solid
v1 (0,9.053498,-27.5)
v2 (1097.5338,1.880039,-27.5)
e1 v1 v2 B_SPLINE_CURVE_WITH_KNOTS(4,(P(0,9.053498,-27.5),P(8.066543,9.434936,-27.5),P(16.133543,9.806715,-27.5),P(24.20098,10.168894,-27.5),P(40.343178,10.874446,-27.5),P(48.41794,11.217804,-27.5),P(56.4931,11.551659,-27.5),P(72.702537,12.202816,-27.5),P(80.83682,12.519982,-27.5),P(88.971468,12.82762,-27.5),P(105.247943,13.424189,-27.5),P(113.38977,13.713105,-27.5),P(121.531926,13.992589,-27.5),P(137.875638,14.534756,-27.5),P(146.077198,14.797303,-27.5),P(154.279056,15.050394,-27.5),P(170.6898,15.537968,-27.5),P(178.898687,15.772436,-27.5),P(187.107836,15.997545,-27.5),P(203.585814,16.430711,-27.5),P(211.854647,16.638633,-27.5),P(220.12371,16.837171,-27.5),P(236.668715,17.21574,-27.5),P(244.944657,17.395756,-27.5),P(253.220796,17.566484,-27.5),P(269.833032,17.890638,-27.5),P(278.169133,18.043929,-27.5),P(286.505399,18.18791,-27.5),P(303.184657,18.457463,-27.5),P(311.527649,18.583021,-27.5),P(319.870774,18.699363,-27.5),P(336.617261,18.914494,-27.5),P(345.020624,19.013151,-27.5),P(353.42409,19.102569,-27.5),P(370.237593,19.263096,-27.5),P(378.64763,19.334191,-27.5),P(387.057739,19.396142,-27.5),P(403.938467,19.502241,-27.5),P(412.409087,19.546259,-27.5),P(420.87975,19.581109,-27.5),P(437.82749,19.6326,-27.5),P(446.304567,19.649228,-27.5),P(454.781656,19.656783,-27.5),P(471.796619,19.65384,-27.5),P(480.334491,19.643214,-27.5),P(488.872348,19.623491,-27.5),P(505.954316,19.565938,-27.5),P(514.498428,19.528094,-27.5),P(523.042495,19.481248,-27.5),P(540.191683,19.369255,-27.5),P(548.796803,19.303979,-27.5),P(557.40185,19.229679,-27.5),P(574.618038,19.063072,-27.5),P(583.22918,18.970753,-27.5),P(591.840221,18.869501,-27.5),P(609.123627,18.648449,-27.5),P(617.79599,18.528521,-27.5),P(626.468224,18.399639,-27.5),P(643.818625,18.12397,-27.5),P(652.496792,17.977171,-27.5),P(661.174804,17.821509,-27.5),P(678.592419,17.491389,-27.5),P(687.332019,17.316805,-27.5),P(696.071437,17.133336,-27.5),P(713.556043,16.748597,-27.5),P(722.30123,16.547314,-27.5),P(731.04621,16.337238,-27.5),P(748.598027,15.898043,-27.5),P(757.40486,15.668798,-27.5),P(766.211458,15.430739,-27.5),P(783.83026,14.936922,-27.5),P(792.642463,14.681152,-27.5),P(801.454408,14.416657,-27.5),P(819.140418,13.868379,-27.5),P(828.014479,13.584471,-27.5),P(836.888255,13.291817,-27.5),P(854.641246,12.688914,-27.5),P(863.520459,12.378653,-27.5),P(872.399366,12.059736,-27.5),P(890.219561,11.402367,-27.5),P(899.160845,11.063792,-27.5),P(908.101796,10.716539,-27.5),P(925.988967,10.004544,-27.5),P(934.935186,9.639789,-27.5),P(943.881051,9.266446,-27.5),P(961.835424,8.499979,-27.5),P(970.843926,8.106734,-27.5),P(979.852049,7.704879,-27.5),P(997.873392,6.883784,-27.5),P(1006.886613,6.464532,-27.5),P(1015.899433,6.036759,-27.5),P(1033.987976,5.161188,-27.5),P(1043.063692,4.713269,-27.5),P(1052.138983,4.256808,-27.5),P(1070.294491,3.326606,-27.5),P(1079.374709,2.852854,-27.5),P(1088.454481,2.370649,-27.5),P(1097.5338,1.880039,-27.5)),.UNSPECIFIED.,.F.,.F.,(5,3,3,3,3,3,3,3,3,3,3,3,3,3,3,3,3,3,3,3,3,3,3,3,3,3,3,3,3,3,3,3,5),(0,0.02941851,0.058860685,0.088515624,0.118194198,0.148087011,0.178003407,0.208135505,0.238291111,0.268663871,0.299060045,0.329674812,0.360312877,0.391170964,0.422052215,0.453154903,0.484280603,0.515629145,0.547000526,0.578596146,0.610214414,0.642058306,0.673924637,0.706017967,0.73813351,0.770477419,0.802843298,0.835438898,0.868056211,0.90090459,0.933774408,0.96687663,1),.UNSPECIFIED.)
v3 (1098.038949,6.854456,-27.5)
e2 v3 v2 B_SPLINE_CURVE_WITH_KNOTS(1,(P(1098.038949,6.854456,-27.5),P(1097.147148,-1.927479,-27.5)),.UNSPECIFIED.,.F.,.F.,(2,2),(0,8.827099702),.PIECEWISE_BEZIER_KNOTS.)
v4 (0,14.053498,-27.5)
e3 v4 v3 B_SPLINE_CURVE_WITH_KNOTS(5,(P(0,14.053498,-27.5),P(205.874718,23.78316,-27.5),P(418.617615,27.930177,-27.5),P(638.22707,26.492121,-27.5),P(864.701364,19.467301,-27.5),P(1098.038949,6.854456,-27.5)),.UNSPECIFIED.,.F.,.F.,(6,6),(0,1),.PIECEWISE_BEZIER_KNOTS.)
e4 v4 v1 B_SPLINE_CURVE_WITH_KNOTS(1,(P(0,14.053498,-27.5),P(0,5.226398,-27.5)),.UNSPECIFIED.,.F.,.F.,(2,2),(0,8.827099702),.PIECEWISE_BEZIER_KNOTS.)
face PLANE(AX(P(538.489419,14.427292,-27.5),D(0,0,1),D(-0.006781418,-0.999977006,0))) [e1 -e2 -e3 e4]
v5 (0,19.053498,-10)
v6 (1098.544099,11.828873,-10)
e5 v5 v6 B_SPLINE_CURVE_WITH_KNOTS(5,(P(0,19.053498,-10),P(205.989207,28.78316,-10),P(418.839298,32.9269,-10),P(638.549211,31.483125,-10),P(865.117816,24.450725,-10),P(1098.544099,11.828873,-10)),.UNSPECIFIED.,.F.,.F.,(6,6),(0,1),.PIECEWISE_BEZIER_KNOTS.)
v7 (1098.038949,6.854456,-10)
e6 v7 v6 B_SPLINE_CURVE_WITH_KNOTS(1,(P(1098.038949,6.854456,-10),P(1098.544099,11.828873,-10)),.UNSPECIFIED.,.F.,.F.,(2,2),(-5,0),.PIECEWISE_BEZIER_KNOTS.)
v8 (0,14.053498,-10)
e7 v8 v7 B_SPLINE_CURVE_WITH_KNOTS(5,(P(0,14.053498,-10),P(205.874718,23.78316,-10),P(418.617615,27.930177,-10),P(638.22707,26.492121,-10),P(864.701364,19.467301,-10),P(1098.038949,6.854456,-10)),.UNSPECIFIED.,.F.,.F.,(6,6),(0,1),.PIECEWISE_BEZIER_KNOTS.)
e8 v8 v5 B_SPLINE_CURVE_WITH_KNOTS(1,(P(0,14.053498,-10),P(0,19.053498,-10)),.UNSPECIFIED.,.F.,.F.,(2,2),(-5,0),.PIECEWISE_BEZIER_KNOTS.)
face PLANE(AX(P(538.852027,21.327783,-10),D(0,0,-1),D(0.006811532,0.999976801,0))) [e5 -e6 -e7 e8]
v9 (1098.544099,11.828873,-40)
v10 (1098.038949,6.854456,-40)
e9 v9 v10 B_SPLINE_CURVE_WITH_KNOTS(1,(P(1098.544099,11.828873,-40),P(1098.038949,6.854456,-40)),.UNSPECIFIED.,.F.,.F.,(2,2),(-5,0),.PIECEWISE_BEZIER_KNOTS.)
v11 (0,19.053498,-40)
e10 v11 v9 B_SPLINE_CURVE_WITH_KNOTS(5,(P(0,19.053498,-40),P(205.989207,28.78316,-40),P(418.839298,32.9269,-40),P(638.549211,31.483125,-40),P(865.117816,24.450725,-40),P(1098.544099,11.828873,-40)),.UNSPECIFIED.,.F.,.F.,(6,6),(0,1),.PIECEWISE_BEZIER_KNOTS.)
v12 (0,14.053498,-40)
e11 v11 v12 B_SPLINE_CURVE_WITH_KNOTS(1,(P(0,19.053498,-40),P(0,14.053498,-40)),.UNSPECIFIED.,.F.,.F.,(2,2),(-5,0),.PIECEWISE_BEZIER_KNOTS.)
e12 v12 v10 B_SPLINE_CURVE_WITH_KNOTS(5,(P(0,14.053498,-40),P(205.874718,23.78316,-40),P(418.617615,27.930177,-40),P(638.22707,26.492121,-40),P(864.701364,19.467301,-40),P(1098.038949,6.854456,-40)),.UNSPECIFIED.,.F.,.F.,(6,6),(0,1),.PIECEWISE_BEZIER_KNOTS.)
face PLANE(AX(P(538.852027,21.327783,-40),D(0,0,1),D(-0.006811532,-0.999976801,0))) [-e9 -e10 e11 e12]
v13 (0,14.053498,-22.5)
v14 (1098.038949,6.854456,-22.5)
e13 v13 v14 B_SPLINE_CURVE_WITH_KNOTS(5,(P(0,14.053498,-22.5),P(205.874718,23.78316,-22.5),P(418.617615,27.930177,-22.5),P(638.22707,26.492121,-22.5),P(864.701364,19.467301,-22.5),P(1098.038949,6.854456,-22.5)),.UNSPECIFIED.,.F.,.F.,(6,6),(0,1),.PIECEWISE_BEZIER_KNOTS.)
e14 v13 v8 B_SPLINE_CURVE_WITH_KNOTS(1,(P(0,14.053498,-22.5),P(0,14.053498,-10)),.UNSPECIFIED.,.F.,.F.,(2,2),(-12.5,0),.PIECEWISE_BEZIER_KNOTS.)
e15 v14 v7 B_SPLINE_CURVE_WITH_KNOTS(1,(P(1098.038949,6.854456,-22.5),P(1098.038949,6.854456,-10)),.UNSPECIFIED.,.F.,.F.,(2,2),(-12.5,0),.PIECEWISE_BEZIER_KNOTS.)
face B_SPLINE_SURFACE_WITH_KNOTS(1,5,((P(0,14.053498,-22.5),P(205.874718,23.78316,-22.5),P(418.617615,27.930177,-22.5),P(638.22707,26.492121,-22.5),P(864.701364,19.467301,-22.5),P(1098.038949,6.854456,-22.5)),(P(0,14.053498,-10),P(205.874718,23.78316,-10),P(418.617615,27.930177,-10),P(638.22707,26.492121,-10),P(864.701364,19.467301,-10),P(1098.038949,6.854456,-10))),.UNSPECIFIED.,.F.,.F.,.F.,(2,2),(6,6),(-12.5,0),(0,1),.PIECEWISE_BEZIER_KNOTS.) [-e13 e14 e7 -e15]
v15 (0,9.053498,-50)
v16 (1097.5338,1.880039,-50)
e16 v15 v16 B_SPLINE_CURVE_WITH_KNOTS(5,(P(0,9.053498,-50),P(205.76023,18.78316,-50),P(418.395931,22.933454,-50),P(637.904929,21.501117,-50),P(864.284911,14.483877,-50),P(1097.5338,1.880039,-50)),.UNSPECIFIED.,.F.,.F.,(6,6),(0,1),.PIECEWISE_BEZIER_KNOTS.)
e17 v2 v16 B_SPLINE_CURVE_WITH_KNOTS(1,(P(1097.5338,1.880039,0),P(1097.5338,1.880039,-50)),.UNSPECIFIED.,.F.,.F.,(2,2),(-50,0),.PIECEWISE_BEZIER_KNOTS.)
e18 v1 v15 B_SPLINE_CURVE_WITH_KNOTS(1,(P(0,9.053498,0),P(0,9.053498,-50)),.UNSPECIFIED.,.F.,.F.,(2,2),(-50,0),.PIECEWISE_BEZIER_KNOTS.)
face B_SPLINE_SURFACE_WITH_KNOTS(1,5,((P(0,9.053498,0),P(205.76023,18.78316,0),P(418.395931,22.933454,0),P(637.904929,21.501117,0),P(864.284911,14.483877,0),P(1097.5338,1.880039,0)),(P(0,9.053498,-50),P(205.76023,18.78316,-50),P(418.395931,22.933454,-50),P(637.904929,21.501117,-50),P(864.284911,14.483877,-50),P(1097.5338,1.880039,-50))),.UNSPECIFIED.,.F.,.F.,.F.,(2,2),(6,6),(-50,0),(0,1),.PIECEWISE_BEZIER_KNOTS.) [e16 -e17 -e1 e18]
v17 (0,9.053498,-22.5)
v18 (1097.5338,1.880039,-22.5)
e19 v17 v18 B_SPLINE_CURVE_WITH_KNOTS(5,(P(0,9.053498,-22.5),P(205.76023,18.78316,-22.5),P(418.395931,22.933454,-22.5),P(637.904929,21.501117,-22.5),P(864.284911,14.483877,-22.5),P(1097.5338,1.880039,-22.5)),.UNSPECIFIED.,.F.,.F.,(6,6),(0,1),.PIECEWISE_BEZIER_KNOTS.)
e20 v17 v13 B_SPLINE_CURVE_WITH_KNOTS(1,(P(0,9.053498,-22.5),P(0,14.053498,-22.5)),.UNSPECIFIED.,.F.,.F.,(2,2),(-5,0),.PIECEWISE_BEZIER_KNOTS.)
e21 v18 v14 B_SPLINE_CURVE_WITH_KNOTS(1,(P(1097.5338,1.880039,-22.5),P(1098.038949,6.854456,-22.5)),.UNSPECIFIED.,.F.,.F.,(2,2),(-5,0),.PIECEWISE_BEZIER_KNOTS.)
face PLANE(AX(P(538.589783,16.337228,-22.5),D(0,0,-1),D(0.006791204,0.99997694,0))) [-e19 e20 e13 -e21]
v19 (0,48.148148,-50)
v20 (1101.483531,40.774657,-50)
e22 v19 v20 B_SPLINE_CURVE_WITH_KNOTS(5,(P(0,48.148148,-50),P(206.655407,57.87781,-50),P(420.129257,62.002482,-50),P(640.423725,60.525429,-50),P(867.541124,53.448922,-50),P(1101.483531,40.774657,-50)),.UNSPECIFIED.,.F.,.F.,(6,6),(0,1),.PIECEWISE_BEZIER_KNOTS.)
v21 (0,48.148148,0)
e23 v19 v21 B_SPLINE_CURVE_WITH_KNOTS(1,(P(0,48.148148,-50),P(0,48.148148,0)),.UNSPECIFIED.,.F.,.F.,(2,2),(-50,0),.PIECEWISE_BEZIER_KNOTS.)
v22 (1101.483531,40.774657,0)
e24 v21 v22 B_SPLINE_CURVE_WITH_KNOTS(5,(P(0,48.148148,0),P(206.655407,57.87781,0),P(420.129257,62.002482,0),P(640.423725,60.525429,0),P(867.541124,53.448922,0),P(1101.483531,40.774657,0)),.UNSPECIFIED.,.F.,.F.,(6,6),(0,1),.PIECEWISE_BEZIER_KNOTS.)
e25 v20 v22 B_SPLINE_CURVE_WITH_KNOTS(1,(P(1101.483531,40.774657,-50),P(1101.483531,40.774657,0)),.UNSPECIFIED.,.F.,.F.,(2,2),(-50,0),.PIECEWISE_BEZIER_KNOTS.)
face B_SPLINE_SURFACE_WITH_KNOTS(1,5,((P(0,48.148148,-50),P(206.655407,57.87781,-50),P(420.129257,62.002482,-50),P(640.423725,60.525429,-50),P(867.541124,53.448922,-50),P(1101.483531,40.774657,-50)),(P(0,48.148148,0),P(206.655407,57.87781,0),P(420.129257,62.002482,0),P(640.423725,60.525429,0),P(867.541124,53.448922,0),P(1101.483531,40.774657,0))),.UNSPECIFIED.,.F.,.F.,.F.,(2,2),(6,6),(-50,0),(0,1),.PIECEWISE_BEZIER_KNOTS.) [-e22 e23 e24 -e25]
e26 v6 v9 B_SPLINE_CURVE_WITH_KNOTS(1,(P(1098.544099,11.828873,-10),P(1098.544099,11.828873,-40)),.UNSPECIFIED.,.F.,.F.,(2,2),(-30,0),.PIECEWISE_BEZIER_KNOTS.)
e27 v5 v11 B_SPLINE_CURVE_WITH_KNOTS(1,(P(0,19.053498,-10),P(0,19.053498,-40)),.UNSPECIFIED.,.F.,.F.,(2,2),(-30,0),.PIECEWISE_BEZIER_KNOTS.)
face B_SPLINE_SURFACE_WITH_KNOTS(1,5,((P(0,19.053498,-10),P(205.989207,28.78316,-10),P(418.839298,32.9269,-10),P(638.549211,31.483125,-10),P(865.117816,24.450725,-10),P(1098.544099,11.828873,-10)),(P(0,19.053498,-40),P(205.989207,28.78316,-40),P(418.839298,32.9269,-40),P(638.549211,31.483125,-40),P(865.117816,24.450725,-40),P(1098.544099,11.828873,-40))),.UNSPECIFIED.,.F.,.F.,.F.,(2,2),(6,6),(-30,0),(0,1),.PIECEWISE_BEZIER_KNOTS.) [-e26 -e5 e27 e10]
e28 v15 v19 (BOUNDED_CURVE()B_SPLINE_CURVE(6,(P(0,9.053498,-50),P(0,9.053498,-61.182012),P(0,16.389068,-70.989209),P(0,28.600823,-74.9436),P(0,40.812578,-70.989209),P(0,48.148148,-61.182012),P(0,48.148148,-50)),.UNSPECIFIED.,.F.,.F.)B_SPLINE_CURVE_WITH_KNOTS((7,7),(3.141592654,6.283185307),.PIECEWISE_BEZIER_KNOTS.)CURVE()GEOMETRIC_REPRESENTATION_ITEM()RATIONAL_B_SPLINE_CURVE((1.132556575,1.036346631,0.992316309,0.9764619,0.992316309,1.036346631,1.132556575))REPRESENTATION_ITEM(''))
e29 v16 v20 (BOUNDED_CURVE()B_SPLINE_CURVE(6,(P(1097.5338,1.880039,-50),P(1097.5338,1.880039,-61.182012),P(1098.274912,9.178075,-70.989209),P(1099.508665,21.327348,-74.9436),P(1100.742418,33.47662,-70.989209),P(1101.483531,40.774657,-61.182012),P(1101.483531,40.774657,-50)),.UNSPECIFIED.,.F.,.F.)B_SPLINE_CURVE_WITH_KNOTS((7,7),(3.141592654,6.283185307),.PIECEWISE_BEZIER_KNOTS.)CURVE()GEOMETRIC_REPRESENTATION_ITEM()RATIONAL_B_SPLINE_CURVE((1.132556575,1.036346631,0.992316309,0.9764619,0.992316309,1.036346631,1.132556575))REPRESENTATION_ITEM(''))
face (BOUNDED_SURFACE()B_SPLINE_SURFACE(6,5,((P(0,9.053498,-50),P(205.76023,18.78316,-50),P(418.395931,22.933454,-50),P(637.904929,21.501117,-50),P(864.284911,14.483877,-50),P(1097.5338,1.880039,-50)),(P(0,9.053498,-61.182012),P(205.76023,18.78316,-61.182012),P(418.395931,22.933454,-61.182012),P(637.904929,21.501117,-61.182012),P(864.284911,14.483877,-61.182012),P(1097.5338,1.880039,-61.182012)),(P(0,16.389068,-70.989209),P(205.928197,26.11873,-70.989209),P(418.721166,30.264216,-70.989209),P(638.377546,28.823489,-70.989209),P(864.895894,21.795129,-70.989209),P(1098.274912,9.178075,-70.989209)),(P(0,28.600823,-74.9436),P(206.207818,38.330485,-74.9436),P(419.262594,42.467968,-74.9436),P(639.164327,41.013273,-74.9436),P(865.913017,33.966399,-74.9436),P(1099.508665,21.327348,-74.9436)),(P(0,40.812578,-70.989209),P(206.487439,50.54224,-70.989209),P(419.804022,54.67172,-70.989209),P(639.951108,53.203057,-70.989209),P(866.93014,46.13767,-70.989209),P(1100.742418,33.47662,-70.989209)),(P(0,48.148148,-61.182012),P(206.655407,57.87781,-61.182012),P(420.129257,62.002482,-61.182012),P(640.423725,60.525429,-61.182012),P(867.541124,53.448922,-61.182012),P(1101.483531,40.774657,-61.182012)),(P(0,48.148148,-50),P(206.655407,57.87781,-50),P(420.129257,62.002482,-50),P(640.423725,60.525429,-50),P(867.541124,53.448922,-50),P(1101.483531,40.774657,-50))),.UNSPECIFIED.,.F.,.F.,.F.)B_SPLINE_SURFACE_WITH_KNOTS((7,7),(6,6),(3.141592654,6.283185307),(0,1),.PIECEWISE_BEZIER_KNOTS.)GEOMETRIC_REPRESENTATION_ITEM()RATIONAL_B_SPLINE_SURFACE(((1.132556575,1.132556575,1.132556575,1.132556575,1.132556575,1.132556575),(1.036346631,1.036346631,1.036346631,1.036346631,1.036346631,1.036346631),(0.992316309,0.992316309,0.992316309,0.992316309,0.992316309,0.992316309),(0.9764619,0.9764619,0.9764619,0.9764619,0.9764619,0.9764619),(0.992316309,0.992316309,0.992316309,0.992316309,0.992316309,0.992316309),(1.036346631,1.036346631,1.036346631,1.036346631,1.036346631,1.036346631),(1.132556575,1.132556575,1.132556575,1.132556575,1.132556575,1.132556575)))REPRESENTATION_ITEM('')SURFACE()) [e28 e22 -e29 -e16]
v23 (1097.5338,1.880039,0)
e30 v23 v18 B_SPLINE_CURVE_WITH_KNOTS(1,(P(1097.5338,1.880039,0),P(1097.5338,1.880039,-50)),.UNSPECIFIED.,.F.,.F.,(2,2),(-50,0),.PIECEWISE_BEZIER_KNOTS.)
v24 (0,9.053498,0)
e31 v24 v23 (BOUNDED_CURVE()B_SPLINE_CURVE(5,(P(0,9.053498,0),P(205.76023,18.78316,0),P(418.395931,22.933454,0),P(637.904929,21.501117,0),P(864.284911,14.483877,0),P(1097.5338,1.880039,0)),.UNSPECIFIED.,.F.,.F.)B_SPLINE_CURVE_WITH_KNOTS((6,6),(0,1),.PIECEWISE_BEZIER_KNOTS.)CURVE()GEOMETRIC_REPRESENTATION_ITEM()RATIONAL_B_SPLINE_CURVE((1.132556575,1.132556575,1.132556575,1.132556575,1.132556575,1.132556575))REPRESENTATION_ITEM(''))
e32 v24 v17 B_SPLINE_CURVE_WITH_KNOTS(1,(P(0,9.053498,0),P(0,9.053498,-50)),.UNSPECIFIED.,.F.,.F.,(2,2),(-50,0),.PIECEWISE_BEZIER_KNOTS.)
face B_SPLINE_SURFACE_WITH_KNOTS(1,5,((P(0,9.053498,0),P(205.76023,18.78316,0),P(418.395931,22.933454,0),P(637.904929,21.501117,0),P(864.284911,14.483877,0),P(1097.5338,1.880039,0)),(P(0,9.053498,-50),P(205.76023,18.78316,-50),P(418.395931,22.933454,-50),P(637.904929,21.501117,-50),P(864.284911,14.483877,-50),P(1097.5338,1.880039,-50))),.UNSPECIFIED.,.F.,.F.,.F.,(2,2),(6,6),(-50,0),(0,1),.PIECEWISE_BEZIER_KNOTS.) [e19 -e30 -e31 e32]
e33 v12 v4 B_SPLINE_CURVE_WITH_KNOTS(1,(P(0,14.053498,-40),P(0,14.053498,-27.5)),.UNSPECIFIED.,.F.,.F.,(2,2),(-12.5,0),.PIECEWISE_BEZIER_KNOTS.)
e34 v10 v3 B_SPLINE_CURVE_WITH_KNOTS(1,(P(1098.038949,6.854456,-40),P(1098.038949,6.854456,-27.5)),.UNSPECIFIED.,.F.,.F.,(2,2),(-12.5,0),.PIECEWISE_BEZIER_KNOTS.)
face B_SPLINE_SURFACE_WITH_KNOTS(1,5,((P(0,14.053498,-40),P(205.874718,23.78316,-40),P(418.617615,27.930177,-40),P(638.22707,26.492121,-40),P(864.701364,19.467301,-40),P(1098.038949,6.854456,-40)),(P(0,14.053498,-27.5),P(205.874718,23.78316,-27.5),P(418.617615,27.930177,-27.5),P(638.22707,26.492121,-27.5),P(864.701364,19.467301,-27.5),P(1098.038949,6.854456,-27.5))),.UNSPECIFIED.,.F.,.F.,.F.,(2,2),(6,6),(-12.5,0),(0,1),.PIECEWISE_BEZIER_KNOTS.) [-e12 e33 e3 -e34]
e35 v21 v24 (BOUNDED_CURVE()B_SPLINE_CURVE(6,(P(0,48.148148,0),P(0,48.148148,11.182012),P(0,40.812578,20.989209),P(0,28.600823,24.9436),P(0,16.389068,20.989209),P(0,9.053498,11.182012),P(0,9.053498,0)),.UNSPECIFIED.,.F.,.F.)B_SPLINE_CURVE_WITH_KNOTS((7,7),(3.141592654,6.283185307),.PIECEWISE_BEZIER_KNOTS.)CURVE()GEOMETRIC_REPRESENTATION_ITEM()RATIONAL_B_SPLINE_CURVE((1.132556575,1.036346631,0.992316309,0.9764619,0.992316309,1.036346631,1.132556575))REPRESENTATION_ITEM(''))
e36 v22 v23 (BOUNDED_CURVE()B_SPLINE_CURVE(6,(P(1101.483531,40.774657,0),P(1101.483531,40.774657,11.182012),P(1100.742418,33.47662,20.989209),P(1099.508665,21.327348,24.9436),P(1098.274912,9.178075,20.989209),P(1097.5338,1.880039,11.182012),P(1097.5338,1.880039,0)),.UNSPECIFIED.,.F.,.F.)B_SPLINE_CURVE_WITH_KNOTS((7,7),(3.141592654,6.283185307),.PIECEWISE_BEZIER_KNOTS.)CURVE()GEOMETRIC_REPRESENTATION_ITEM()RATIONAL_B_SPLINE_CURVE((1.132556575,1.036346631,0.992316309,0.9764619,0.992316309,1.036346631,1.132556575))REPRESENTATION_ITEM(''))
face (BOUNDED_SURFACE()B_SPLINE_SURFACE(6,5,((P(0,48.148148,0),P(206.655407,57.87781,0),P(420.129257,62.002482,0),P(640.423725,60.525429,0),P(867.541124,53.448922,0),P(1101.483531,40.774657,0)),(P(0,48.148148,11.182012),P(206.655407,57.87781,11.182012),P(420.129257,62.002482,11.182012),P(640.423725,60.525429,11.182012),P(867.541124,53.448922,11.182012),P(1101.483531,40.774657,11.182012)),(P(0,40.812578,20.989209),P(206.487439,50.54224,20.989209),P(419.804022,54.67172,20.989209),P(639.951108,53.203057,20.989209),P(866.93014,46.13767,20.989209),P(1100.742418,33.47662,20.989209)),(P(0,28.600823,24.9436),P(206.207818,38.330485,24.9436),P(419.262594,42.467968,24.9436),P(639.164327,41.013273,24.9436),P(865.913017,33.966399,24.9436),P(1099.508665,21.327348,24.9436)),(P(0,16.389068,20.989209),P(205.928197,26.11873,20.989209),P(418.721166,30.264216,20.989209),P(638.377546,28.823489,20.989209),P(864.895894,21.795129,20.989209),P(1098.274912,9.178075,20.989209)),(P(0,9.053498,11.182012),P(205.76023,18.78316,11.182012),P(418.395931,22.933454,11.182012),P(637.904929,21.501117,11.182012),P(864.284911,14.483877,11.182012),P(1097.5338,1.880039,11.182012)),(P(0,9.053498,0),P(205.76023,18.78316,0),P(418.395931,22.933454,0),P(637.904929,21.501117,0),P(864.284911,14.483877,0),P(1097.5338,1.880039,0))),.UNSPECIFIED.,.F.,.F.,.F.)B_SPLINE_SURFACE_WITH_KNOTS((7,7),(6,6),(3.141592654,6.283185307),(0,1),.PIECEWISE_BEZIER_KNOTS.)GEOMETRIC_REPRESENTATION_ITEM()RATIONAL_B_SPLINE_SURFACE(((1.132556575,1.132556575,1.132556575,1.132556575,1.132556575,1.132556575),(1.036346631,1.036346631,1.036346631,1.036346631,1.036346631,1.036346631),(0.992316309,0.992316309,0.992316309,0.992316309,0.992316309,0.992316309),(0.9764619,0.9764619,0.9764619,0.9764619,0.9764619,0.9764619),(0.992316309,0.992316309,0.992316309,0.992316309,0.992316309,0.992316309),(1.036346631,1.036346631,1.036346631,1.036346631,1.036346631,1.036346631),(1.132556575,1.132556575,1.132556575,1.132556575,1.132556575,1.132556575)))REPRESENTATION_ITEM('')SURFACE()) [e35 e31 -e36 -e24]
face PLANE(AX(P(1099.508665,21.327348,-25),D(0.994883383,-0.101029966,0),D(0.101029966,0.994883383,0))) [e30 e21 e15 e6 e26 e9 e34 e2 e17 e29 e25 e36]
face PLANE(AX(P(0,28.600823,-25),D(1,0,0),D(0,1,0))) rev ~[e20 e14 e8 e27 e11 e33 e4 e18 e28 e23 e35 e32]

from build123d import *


with BuildPart() as part:
    # Sweep1: sweep along a curve in space
    with BuildLine() as sweep1_path:
        add(Edge.make_bspline(
            [(0, 28.600823045, -25), (515.519545798, 52.9249772, -25), (1099.508665119, 21.327347601, -25)],
            knots=[0, 0, 0, 1, 1, 1], degree=2))
    # Sketch2 → Sweep1 (sweep)
    with BuildSketch(Plane(origin=(0, 0, 0), x_dir=(0, 0, -1), z_dir=(1, 0, 0))):
        with BuildLine():
            Line((0, 48.148148148), (50, 48.148148148))
            ThreePointArc((50, 48.148148148), (69.547325103, 28.600823045), (50, 9.053497942))
            Line((50, 9.053497942), (0, 9.053497942))
            ThreePointArc((0, 9.053497942), (-19.547325103, 28.600823045), (0, 48.148148148))
        make_face()
    sweep(path=sweep1_path.line)

    # Cut-Sweep1: sweep along a curve in space
    with BuildLine() as cut_sweep1_path:
        add(Edge.make_bspline(
            [(0, 28.600823045, -25), (515.519545798, 52.9249772, -25), (1099.508665119, 21.327347601, -25)],
            knots=[0, 0, 0, 1, 1, 1], degree=2))
    # Sketch3 → Cut-Sweep1 (sweep, cut)
    with BuildSketch(Plane.ZY):
        Polygon((-40, 19.053497942), (-10, 19.053497942), (-10, 14.053497942), (-22.5, 14.053497942), (-22.5, 9.053497942), (-22.174756388, 5.22639824), (-27.5, 5.22639824), (-27.5, 9.053497942), (-27.5, 14.053497942), (-40, 14.053497942), align=None)
    sweep(path=cut_sweep1_path.line, mode=Mode.SUBTRACT)


solid = part.part
